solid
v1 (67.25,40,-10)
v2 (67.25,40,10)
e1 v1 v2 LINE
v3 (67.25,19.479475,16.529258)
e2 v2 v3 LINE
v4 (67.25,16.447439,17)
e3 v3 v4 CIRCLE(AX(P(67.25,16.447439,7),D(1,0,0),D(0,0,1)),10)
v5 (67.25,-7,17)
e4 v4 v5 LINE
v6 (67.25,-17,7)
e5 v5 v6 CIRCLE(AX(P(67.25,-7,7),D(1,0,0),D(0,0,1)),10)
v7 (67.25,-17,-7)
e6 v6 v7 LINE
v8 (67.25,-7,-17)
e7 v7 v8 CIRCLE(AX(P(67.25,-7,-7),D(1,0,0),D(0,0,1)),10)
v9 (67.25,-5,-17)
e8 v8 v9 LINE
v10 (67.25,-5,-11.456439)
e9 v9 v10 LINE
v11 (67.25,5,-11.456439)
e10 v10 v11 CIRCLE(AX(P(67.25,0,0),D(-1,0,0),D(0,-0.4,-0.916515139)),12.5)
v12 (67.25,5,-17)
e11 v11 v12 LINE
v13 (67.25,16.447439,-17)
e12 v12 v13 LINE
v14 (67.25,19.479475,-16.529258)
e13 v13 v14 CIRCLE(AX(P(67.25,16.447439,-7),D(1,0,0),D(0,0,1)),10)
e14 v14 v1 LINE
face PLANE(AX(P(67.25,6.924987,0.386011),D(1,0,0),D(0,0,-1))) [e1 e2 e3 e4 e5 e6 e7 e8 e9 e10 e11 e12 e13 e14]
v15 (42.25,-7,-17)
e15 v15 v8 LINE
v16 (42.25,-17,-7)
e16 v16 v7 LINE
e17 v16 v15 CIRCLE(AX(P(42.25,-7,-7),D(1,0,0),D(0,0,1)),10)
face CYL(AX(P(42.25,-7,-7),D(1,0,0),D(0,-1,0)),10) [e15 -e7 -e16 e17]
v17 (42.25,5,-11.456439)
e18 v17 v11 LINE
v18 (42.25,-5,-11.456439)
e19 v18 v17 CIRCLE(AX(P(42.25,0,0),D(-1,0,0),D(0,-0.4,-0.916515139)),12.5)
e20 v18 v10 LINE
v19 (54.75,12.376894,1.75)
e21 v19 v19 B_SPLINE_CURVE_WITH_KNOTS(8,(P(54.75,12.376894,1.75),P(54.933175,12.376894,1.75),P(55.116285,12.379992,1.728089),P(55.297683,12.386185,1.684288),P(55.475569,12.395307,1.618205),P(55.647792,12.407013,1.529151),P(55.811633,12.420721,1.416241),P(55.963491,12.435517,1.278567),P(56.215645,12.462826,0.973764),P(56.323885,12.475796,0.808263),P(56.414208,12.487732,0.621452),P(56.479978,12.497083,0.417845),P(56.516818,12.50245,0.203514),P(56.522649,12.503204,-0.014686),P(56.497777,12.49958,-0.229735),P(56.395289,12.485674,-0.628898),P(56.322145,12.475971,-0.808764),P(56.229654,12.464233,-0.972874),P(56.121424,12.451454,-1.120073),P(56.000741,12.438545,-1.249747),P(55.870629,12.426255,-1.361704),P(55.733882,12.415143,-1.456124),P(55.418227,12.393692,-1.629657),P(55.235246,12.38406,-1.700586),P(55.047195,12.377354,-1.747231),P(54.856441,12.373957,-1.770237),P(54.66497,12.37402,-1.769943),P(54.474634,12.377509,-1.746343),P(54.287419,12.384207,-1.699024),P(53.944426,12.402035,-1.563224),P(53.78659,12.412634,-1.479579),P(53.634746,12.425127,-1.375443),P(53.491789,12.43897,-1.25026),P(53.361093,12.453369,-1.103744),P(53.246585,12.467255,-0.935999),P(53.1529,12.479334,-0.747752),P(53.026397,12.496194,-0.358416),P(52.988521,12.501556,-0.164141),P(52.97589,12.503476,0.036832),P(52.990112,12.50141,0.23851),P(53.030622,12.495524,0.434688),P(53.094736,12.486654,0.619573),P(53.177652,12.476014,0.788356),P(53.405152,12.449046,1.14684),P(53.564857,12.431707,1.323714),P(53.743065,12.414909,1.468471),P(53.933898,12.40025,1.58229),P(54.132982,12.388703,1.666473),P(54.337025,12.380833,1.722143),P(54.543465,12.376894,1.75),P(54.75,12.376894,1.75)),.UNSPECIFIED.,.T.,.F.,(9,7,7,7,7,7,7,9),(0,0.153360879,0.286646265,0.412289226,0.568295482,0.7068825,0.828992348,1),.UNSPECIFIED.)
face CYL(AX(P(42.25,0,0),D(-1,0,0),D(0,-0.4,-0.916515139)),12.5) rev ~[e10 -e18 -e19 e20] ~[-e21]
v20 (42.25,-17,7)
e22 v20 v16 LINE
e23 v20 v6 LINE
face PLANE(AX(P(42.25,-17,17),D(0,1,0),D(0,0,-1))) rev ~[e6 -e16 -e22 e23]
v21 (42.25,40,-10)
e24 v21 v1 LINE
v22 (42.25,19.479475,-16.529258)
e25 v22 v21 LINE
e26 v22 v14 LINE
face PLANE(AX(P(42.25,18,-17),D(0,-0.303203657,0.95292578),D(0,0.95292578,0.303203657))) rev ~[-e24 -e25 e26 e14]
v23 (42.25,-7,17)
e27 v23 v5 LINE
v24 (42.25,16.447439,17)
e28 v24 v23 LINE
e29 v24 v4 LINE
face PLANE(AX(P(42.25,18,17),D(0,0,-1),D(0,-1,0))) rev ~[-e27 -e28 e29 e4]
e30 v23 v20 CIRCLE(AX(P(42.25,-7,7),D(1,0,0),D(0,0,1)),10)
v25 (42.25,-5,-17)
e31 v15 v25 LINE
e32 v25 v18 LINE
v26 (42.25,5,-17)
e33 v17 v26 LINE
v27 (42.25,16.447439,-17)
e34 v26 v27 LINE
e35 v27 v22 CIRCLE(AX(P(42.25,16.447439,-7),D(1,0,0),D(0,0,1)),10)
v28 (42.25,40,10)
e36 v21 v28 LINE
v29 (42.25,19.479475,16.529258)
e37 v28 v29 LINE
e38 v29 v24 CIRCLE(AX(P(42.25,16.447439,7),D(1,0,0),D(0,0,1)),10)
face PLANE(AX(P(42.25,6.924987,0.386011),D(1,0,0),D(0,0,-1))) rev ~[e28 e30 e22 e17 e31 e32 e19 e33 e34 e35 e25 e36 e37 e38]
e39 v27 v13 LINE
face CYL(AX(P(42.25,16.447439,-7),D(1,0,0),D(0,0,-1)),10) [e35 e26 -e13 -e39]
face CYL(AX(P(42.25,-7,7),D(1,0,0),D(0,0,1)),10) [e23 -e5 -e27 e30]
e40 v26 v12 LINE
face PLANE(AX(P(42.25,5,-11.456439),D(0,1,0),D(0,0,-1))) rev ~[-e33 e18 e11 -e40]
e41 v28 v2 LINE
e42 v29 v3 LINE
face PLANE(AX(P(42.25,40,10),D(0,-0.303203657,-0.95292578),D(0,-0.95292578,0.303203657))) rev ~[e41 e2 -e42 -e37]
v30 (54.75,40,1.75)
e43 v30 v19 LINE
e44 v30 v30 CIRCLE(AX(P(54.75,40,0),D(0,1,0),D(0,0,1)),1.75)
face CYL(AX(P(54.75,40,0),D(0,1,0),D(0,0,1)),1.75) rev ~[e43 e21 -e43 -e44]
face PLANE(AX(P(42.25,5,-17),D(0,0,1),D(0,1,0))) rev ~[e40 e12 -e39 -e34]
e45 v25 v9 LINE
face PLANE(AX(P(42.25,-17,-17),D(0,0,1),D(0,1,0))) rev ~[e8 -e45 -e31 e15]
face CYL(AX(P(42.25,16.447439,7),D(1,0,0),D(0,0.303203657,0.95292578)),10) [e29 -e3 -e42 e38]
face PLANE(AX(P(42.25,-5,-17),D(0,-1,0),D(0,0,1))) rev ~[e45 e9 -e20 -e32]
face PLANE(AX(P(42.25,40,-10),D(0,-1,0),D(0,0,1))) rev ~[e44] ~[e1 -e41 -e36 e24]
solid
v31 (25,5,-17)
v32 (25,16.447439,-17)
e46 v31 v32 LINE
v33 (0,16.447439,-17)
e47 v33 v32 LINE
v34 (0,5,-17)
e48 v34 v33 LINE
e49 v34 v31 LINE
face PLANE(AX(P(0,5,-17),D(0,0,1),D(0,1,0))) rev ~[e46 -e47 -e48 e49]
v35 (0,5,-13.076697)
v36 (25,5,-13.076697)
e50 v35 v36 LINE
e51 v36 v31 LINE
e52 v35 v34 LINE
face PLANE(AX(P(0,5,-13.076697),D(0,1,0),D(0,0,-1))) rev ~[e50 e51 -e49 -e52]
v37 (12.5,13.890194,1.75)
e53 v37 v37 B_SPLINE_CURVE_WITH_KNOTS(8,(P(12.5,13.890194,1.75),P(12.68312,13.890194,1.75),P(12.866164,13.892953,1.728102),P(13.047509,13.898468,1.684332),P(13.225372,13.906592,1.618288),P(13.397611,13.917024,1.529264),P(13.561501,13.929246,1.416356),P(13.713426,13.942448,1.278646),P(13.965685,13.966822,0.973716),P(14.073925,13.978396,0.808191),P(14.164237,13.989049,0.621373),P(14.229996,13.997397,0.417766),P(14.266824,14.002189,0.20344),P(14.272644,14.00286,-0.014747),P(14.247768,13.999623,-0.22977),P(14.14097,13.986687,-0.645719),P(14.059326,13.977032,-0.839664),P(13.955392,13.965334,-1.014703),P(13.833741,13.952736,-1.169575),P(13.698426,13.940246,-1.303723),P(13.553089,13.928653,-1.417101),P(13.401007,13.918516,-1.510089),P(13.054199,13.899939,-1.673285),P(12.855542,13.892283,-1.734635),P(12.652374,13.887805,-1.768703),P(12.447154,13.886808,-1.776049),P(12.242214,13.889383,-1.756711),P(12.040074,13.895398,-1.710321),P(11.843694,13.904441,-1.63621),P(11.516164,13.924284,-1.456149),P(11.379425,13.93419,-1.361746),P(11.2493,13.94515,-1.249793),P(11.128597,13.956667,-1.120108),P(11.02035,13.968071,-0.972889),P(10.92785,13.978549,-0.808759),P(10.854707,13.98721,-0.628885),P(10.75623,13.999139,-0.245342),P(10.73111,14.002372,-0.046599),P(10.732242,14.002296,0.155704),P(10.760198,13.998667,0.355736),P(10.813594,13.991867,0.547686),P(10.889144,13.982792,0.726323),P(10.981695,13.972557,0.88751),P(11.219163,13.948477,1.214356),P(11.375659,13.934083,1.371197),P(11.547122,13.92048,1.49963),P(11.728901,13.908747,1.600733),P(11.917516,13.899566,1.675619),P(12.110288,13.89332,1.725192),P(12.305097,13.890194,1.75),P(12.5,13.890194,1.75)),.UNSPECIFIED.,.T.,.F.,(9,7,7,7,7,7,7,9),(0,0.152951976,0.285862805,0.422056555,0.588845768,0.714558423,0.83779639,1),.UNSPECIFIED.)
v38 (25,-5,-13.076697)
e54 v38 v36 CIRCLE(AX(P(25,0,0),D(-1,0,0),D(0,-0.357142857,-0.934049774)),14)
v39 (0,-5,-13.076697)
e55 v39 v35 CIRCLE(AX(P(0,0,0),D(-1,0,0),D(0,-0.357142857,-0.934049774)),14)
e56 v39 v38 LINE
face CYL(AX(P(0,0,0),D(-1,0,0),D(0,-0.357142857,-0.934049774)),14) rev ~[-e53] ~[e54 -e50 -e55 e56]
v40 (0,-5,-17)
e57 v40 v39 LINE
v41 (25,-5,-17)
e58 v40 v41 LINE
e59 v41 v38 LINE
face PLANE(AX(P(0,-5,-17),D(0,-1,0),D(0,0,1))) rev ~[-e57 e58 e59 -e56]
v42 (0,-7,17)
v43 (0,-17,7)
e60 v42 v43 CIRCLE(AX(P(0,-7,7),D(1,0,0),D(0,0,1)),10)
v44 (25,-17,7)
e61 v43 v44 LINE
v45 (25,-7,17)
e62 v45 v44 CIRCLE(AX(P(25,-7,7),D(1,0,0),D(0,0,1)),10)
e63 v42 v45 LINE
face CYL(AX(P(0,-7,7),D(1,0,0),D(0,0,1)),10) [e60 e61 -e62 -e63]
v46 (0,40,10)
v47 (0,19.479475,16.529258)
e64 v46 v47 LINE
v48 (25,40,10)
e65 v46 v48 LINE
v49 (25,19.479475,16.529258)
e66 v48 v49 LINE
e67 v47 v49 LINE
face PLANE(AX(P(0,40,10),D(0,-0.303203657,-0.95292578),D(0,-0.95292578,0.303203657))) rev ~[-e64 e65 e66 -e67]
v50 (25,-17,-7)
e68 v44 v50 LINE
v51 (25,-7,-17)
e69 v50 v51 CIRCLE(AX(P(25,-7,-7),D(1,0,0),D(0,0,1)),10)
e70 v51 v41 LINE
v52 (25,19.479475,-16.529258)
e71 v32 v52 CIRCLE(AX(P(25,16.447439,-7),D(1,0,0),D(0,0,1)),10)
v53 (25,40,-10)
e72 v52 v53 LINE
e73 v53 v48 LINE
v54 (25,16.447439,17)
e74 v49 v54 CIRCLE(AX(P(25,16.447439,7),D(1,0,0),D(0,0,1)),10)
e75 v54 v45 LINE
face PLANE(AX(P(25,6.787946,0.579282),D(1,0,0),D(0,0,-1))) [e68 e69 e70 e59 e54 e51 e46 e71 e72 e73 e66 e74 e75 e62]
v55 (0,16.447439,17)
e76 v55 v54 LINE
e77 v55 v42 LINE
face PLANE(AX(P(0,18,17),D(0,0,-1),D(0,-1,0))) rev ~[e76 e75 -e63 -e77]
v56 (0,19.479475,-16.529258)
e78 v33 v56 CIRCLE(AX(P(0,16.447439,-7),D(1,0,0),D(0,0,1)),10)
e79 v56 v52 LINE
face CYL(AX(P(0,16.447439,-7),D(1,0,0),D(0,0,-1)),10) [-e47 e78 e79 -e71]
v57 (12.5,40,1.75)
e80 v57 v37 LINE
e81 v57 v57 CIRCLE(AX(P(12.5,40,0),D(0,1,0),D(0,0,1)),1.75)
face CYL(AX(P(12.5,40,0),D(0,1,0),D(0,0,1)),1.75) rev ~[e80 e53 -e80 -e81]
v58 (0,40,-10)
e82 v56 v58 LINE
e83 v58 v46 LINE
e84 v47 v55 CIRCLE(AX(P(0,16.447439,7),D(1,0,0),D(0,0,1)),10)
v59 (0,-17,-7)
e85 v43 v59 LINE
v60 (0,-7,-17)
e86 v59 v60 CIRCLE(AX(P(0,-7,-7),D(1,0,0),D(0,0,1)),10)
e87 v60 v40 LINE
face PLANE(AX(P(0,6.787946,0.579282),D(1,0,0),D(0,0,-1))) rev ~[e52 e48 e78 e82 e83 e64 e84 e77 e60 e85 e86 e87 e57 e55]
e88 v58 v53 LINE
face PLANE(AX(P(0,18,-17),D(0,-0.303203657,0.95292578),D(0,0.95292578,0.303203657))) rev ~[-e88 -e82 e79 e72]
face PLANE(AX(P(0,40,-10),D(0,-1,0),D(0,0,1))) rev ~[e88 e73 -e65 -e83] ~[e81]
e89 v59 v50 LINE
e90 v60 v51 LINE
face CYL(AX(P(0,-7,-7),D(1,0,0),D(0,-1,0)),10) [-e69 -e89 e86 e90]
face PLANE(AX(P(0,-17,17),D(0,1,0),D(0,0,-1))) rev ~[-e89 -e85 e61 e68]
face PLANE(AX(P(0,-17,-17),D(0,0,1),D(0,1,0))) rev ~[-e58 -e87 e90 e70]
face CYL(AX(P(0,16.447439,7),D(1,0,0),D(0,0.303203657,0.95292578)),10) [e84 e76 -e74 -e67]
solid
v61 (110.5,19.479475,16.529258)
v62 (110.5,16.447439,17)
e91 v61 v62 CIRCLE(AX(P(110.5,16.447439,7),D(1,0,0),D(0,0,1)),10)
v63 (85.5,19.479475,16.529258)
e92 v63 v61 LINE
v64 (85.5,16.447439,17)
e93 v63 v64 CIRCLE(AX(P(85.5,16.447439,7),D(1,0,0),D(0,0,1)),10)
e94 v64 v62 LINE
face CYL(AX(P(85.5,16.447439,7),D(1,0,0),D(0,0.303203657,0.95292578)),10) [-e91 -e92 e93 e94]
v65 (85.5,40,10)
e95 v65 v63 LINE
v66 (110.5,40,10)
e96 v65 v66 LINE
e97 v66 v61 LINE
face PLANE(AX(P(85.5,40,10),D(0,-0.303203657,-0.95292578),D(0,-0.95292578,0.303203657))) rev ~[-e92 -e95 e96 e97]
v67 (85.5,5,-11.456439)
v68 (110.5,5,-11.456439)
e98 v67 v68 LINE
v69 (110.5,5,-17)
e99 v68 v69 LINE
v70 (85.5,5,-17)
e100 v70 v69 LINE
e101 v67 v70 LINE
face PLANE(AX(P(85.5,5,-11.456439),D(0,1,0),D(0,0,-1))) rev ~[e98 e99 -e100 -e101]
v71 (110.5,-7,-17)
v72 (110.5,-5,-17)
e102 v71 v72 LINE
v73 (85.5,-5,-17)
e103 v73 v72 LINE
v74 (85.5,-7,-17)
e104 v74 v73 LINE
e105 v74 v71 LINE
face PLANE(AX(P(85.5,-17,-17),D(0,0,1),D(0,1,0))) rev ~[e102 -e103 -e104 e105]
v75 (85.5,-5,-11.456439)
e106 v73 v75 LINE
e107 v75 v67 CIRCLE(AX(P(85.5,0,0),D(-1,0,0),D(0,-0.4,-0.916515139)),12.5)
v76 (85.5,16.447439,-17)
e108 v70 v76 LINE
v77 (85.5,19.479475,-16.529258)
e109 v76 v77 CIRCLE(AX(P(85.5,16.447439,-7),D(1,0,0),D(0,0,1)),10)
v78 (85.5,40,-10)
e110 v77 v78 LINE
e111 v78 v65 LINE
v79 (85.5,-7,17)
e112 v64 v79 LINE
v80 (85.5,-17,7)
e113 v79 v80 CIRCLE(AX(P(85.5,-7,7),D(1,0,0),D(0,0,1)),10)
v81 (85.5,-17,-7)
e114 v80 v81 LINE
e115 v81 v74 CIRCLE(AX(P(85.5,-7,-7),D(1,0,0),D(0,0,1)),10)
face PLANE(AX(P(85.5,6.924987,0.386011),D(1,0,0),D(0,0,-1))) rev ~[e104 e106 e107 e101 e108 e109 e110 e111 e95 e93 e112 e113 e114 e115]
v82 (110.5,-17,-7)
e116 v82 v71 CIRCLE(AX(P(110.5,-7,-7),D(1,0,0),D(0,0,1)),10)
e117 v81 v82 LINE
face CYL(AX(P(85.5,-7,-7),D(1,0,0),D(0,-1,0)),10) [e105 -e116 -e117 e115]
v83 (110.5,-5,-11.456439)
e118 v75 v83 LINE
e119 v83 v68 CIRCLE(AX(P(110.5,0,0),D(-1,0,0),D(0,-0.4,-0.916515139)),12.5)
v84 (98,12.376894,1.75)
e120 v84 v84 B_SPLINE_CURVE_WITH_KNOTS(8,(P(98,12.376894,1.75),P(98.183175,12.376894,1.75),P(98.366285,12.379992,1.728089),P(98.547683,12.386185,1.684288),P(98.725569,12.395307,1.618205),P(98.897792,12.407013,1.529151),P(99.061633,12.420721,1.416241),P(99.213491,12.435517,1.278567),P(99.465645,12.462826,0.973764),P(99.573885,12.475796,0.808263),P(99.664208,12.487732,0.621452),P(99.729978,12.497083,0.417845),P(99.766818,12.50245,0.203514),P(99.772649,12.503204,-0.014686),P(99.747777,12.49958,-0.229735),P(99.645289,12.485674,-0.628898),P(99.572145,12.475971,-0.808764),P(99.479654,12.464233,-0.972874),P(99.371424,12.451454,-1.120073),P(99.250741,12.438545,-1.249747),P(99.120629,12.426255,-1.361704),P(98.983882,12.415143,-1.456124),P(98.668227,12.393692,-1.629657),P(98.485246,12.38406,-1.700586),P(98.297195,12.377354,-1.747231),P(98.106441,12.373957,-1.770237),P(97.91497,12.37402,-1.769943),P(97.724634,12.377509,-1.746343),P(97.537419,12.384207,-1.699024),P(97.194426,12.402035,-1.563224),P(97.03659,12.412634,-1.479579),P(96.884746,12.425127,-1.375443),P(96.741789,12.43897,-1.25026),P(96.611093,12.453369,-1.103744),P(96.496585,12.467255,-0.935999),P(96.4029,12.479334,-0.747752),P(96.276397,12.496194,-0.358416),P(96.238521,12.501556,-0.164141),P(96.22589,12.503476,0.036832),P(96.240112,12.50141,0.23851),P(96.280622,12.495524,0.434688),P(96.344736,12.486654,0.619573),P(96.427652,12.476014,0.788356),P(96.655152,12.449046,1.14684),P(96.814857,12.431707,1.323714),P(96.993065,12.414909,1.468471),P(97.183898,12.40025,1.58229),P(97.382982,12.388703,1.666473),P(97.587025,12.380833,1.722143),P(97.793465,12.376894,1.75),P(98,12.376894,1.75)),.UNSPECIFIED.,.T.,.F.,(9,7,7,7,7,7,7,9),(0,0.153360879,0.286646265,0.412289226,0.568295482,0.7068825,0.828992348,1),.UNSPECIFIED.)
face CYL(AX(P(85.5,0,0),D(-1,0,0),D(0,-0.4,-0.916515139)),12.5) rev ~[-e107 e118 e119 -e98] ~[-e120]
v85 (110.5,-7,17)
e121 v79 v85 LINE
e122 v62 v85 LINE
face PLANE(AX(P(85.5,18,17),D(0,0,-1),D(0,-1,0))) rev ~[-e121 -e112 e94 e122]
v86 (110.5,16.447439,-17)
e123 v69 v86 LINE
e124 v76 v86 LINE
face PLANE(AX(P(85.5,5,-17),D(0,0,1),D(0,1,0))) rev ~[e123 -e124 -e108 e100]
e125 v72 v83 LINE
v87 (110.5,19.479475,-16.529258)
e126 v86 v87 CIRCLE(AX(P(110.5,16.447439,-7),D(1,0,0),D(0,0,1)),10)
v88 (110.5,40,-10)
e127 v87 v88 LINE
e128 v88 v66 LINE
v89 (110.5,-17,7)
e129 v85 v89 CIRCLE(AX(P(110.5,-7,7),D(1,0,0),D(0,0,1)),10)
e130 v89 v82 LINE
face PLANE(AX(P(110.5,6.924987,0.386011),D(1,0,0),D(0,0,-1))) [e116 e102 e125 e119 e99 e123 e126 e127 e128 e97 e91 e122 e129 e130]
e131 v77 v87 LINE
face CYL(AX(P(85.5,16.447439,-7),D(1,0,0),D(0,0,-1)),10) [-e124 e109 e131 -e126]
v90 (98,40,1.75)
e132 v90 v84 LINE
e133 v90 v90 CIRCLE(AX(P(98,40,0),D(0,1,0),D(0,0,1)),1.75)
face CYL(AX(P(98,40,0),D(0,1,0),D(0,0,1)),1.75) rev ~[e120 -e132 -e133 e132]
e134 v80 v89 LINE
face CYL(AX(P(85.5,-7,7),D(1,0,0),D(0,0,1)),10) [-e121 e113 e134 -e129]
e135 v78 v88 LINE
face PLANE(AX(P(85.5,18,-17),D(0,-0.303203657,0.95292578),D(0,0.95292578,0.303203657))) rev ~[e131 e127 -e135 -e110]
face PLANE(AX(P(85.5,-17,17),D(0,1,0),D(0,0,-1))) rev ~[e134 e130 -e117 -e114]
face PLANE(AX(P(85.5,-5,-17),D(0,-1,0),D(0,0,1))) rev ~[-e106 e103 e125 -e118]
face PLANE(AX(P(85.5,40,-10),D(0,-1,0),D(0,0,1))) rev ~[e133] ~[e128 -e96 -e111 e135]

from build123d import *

# Parameters (mm, degrees)
ZOOM_LENSE_MOUNT_DEPTH = 25
SPEC_START             = 42.25
SPEC_MOUNT1_DEPTH      = 25
SPEC_START_2           = 85.5
SPEC_MOUNT_2_DEPTH     = 25
FILLET1_R              = 10
FILLET2_R              = 10
FILLET3_R              = 10
SKETCH2_R              = 1.75
CUT_EXTRUDE1_DEPTH     = 30
SKETCH3_R              = 1.75
CUT_EXTRUDE2_DEPTH     = 30
SKETCH4_R              = 1.75
CUT_EXTRUDE3_DEPTH     = 30


with BuildPart() as part:
    # Sketch1 → zoom lense mount (new body)
    with BuildSketch(Plane(origin=(0, 0, 0), x_dir=(0, 0, -1), z_dir=(1, 0, 0))):
        with BuildLine():
            Line((10, 40), (-10, 40))
            Line((-10, 40), (-17, 18))
            Line((-17, 18), (-17, -17))
            Line((-17, -17), (17, -17))
            Line((17, -17), (17, -5))
            Line((17, -5), (13.076696831, -5))
            ThreePointArc((13.076696831, -5), (-14, 0), (13.076696831, 5))
            Line((13.076696831, 5), (17, 5))
            Line((17, 5), (17, 18))
            Line((17, 18), (10, 40))
        make_face()
    extrude(amount=ZOOM_LENSE_MOUNT_DEPTH)

    # Fillet1
    fillet1_edges = [part.edges().sort_by_distance(p)[0] for p in [
        (12.5, -17, -17),
        (12.5, 18, -17),
        (12.5, -17, 17),
        (12.5, 18, 17),
    ]]
    fillet(fillet1_edges, radius=FILLET1_R)

    # Sketch4 → Cut-Extrude3 (cut)
    with BuildSketch(Plane(origin=(0, 40, 0), x_dir=(1, 0, 0), z_dir=(0, 1, 0))):
        with Locations((12.5, 0)):
            Circle(SKETCH4_R)
    extrude(amount=-CUT_EXTRUDE3_DEPTH, mode=Mode.SUBTRACT)


with BuildPart() as body_2:
    # Sketch1<4> → spec mount1 (new body)
    with BuildSketch(Plane(origin=(0, 0, 0), x_dir=(0, 0, -1), z_dir=(1, 0, 0)).offset(SPEC_START)):
        with BuildLine():
            Line((10, 40), (-10, 40))
            Line((-10, 40), (-17, 18))
            Line((-17, 18), (-17, -17))
            Line((-17, -17), (17, -17))
            Line((17, -17), (17, -5))
            Line((17, -5), (11.456439237, -5))
            ThreePointArc((11.456439237, -5), (-12.5, 0), (11.456439237, 5))
            Line((11.456439237, 5), (17, 5))
            Line((17, 5), (17, 18))
            Line((17, 18), (10, 40))
        make_face()
    extrude(amount=SPEC_MOUNT1_DEPTH)

    # Fillet2
    fillet2_edges = [body_2.edges().sort_by_distance(p)[0] for p in [
        (54.75, -17, -17),
        (54.75, 18, -17),
        (54.75, -17, 17),
        (54.75, 18, 17),
    ]]
    fillet(fillet2_edges, radius=FILLET2_R)

    # Sketch3 → Cut-Extrude2 (cut)
    with BuildSketch(Plane(origin=(0, 40, 0), x_dir=(1, 0, 0), z_dir=(0, 1, 0))):
        with Locations((54.75, 0)):
            Circle(SKETCH3_R)
    extrude(amount=-CUT_EXTRUDE2_DEPTH, mode=Mode.SUBTRACT)


with BuildPart() as body_3:
    # Sketch1<5> → spec mount 2 (new body)
    with BuildSketch(Plane(origin=(0, 0, 0), x_dir=(0, 0, -1), z_dir=(1, 0, 0)).offset(SPEC_START_2)):
        with BuildLine():
            Line((10, 40), (-10, 40))
            Line((-10, 40), (-17, 18))
            Line((-17, 18), (-17, -17))
            Line((-17, -17), (17, -17))
            Line((17, -17), (17, -5))
            Line((17, -5), (11.456439237, -5))
            ThreePointArc((11.456439237, -5), (-12.5, 0), (11.456439237, 5))
            Line((11.456439237, 5), (17, 5))
            Line((17, 5), (17, 18))
            Line((17, 18), (10, 40))
        make_face()
    extrude(amount=SPEC_MOUNT_2_DEPTH)

    # Fillet3
    fillet3_edges = [body_3.edges().sort_by_distance(p)[0] for p in [
        (98, -17, -17),
        (98, 18, -17),
        (98, -17, 17),
        (98, 18, 17),
    ]]
    fillet(fillet3_edges, radius=FILLET3_R)

    # Sketch2 → Cut-Extrude1 (cut)
    with BuildSketch(Plane(origin=(0, 40, 0), x_dir=(1, 0, 0), z_dir=(0, 1, 0))):
        with Locations((98, 0)):
            Circle(SKETCH2_R)
    extrude(amount=-CUT_EXTRUDE1_DEPTH, mode=Mode.SUBTRACT)


solid = Compound([part.part, body_2.part, body_3.part])
